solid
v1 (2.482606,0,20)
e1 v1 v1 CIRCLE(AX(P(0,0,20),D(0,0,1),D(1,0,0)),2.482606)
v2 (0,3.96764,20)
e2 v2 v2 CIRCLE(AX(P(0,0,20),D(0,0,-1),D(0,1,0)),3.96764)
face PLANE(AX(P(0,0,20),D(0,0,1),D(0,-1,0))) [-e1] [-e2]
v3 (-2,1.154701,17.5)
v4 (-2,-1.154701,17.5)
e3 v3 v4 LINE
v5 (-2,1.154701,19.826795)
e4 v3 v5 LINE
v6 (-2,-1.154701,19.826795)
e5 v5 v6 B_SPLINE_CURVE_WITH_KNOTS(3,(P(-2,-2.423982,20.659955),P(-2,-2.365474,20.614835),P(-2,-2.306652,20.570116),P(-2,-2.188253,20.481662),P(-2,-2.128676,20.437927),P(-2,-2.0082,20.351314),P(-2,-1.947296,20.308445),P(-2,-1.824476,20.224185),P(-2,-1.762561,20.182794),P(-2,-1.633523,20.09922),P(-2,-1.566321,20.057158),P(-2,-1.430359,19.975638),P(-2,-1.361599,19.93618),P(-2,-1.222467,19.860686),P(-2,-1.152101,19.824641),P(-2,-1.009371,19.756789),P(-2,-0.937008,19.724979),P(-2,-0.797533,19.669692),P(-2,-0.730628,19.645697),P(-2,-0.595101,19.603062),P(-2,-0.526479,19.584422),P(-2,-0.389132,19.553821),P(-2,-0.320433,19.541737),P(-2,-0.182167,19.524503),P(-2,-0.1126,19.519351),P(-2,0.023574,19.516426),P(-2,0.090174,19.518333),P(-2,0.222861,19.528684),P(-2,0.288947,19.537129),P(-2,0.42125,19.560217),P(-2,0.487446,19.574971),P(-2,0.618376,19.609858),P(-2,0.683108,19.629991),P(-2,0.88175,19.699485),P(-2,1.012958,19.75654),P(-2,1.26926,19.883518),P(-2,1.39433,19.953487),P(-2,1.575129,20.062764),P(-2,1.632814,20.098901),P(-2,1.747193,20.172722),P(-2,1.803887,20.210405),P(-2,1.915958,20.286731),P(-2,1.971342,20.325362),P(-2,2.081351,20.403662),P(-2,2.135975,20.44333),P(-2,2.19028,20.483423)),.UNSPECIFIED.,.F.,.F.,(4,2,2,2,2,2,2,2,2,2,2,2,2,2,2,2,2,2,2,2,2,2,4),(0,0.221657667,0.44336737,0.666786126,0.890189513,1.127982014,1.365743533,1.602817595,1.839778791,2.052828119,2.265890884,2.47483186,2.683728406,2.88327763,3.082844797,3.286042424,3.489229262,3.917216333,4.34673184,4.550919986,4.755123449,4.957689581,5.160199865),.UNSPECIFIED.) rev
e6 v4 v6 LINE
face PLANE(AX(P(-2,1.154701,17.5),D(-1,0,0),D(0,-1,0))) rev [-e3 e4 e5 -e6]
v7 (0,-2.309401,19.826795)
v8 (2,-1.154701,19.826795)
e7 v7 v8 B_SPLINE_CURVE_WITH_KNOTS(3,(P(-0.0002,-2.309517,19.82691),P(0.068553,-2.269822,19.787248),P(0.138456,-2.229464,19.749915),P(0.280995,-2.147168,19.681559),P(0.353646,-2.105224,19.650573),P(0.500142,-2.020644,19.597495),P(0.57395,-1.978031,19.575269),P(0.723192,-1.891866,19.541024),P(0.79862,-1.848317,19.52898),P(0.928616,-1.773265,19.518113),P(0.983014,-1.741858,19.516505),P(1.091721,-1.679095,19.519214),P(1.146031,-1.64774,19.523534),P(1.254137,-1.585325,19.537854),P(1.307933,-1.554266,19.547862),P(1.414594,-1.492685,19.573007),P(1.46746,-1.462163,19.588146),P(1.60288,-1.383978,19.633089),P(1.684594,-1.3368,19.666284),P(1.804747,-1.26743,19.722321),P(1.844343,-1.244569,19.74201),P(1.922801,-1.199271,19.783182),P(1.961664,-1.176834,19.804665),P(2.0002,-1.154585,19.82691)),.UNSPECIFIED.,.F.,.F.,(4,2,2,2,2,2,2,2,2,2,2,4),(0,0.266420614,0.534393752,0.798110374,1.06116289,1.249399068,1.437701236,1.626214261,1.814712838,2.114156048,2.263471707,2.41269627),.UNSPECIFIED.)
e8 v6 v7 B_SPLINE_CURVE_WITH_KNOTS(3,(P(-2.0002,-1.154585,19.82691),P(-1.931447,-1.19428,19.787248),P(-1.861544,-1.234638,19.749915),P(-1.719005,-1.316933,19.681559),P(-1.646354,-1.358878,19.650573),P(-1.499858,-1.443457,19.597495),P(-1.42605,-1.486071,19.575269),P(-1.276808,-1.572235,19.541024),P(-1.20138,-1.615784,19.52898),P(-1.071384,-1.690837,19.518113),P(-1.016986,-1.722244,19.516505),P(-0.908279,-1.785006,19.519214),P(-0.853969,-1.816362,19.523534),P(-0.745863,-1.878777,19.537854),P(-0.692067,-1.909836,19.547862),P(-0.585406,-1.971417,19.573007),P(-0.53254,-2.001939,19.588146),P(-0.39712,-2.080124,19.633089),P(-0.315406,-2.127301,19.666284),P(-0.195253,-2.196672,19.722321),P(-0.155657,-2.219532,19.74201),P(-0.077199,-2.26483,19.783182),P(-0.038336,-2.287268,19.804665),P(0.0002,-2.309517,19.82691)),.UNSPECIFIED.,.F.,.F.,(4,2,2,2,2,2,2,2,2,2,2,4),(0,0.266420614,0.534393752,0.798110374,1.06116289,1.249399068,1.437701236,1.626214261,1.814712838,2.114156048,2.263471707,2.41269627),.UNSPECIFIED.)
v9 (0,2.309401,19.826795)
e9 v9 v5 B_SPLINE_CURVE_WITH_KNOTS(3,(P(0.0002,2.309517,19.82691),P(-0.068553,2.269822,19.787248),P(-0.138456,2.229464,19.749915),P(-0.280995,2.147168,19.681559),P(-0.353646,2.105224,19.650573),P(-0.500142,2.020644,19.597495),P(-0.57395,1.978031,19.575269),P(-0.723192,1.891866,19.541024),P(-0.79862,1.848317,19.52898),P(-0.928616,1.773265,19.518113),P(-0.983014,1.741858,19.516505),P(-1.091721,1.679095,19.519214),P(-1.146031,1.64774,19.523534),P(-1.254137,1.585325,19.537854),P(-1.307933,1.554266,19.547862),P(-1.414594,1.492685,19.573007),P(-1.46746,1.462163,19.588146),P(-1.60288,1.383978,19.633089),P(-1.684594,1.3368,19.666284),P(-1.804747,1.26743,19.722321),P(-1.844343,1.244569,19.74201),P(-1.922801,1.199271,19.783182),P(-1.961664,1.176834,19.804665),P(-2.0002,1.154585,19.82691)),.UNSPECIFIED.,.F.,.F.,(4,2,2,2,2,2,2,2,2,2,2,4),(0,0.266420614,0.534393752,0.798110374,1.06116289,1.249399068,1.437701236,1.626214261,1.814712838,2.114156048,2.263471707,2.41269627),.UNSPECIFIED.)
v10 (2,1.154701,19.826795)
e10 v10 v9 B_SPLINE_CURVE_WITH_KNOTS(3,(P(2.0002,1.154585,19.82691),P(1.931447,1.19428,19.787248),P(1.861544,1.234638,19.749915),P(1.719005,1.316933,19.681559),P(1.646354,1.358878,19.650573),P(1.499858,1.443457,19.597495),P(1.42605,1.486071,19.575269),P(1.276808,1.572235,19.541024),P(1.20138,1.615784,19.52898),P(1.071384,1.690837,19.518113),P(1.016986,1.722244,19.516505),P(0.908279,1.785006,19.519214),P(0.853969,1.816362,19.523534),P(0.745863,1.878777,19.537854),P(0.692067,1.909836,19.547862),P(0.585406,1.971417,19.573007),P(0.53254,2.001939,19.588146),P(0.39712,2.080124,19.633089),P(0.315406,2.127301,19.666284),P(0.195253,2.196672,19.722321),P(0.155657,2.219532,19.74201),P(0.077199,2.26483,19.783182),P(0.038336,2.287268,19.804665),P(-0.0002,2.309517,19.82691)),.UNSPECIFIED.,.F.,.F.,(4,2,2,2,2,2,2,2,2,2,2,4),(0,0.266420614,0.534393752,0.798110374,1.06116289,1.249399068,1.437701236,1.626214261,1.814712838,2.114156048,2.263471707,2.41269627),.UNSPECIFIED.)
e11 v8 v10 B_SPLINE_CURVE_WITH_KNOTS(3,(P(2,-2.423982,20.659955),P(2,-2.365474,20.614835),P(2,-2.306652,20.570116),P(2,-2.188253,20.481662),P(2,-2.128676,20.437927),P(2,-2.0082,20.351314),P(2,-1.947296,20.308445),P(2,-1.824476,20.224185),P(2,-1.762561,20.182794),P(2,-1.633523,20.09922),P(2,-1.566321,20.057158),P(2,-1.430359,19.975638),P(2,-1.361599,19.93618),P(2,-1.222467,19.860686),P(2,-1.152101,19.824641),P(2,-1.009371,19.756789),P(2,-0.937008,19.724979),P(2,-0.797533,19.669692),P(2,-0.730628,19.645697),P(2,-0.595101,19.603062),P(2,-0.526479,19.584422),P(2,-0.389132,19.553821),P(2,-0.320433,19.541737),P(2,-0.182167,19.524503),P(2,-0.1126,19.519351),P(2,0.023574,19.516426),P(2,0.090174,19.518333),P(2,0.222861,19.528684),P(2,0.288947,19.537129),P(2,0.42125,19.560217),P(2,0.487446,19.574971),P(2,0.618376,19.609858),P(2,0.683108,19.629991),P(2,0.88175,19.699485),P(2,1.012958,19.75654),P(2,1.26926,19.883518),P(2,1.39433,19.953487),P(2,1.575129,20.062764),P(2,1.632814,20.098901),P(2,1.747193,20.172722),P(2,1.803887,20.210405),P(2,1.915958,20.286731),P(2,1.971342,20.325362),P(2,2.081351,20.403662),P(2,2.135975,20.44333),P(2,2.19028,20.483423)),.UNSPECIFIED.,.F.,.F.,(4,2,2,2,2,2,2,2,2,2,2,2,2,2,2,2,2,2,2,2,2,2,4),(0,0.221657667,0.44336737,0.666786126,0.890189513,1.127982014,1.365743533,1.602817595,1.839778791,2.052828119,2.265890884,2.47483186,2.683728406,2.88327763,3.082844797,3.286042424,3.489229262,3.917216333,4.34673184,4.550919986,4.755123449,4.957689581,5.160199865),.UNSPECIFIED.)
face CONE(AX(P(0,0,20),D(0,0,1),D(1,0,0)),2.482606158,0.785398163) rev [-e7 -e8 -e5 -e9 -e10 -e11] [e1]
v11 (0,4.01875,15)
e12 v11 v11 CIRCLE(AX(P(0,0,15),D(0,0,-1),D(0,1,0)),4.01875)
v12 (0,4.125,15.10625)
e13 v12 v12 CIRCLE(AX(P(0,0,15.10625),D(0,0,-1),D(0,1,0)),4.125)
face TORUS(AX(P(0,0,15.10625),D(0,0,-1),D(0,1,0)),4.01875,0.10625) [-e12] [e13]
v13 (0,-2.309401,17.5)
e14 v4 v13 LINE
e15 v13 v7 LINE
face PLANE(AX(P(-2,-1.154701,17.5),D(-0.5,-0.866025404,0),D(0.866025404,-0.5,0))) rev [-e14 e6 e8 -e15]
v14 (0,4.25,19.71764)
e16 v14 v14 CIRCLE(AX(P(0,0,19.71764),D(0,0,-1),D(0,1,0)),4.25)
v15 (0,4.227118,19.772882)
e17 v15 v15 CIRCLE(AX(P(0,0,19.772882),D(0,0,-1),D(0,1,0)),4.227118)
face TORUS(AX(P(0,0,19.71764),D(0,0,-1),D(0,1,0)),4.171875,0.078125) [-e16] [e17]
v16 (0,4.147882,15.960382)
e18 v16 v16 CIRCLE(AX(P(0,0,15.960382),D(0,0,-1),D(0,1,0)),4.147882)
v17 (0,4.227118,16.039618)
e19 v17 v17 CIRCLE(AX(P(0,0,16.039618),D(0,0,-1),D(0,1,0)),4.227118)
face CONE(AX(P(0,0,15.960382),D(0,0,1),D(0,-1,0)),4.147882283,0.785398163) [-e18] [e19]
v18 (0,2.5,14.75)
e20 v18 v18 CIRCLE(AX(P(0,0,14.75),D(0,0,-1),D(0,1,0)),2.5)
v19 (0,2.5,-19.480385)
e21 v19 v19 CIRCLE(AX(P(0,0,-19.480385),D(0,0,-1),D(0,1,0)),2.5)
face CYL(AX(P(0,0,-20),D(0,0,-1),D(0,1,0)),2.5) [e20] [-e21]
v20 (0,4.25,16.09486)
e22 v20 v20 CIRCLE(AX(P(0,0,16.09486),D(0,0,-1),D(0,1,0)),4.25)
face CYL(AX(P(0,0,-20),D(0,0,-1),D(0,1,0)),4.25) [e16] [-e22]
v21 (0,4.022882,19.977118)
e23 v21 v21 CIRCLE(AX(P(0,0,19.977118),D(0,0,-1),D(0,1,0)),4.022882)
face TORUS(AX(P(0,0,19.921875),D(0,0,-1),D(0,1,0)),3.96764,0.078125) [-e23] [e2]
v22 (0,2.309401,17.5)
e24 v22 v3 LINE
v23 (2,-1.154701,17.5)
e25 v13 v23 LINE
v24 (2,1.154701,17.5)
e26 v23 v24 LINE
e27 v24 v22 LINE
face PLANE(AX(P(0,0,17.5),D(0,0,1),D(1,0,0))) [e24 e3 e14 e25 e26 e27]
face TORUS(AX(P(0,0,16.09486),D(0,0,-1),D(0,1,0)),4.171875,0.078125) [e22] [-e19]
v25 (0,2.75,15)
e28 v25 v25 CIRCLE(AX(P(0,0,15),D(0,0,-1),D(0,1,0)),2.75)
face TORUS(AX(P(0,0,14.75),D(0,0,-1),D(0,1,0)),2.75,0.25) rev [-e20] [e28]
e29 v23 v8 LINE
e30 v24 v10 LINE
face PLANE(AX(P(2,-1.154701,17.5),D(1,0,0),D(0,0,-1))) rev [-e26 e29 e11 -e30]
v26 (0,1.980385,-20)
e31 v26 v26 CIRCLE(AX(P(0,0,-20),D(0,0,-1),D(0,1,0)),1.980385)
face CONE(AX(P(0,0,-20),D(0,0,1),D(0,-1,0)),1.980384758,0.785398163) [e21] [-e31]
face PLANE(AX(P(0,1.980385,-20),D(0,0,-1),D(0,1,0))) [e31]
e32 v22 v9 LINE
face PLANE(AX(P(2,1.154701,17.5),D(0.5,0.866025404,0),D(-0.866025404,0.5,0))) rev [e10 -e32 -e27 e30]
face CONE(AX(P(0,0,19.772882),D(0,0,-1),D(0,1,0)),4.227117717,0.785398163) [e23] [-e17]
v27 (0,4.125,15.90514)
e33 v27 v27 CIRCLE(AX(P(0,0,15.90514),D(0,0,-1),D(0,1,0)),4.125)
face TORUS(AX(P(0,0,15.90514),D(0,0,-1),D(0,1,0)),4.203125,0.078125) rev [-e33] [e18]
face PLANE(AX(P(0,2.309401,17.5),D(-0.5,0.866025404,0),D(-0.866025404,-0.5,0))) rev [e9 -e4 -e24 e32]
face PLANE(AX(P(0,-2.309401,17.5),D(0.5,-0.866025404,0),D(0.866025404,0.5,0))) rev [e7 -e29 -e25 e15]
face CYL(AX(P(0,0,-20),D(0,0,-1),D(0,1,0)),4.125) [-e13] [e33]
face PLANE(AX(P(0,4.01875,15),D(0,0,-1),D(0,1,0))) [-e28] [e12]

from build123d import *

# Parameters (mm, degrees)
CUT_EXTRUDE1_START = -2.5
CUT_EXTRUDE1_DEPTH = 2.5


with BuildPart() as part:
    # Sketch2 → Revolve1 (revolve)
    with BuildSketch(Plane(origin=(0, 0, 0), x_dir=(0, 0, -1), z_dir=(1, 0, 0))):
        with BuildLine():
            Line((-20, 0), (-20, 3.967639565))
            ThreePointArc((-20, 3.967639565), (-19.994053088, 3.997536709), (-19.977117717, 4.022882283))
            Line((-19.977117717, 4.022882283), (-19.772882283, 4.227117717))
            ThreePointArc((-19.772882283, 4.227117717), (-19.747536709, 4.244053088), (-19.717639565, 4.25))
            Line((-19.717639565, 4.25), (-16.094860435, 4.25))
            ThreePointArc((-16.094860435, 4.25), (-16.064963291, 4.244053088), (-16.039617717, 4.227117717))
            Line((-16.039617717, 4.227117717), (-15.960382283, 4.147882283))
            ThreePointArc((-15.960382283, 4.147882283), (-15.935036709, 4.130946912), (-15.905139565, 4.125))
            Line((-15.905139565, 4.125), (-15.10625, 4.125))
            ThreePointArc((-15.10625, 4.125), (-15.031119904, 4.093880096), (-15, 4.01875))
            Line((-15, 4.01875), (-15, 2.75))
            ThreePointArc((-15, 2.75), (-14.926776695, 2.573223305), (-14.75, 2.5))
            Line((-14.75, 2.5), (19.480384758, 2.5))
            Line((19.480384758, 2.5), (20, 1.980384758))
            Line((20, 1.980384758), (20, 0))
            Line((20, 0), (-20, 0))
        make_face()
    revolve(axis=Axis((0, 0, -20), (0, 0, 1)))

    # Sketch3 → Cut-Extrude1 (cut)
    with BuildSketch(Plane.XY.offset(20).offset(CUT_EXTRUDE1_START)):
        Polygon((2, -1.154700538), (2, 1.154700538), (0, 2.309401077), (-2, 1.154700538), (-2, -1.154700538), (0, -2.309401077), align=None)
    extrude(amount=CUT_EXTRUDE1_DEPTH, mode=Mode.SUBTRACT)

    # Cut-Extrude2 cone 1 section (through the dimple's axis) → Cut-Extrude2 (revolve, cut)
    with BuildSketch(Plane(origin=(0, 0, 20), x_dir=(0, -1, 0), z_dir=(1, 0, 0))):
        Polygon((0, 0), (2.482606158, 0), (0, 2.482606158), align=None)
    revolve(axis=Axis((0, 0, 20), (0, 0, -1)), mode=Mode.SUBTRACT)


solid = part.part
